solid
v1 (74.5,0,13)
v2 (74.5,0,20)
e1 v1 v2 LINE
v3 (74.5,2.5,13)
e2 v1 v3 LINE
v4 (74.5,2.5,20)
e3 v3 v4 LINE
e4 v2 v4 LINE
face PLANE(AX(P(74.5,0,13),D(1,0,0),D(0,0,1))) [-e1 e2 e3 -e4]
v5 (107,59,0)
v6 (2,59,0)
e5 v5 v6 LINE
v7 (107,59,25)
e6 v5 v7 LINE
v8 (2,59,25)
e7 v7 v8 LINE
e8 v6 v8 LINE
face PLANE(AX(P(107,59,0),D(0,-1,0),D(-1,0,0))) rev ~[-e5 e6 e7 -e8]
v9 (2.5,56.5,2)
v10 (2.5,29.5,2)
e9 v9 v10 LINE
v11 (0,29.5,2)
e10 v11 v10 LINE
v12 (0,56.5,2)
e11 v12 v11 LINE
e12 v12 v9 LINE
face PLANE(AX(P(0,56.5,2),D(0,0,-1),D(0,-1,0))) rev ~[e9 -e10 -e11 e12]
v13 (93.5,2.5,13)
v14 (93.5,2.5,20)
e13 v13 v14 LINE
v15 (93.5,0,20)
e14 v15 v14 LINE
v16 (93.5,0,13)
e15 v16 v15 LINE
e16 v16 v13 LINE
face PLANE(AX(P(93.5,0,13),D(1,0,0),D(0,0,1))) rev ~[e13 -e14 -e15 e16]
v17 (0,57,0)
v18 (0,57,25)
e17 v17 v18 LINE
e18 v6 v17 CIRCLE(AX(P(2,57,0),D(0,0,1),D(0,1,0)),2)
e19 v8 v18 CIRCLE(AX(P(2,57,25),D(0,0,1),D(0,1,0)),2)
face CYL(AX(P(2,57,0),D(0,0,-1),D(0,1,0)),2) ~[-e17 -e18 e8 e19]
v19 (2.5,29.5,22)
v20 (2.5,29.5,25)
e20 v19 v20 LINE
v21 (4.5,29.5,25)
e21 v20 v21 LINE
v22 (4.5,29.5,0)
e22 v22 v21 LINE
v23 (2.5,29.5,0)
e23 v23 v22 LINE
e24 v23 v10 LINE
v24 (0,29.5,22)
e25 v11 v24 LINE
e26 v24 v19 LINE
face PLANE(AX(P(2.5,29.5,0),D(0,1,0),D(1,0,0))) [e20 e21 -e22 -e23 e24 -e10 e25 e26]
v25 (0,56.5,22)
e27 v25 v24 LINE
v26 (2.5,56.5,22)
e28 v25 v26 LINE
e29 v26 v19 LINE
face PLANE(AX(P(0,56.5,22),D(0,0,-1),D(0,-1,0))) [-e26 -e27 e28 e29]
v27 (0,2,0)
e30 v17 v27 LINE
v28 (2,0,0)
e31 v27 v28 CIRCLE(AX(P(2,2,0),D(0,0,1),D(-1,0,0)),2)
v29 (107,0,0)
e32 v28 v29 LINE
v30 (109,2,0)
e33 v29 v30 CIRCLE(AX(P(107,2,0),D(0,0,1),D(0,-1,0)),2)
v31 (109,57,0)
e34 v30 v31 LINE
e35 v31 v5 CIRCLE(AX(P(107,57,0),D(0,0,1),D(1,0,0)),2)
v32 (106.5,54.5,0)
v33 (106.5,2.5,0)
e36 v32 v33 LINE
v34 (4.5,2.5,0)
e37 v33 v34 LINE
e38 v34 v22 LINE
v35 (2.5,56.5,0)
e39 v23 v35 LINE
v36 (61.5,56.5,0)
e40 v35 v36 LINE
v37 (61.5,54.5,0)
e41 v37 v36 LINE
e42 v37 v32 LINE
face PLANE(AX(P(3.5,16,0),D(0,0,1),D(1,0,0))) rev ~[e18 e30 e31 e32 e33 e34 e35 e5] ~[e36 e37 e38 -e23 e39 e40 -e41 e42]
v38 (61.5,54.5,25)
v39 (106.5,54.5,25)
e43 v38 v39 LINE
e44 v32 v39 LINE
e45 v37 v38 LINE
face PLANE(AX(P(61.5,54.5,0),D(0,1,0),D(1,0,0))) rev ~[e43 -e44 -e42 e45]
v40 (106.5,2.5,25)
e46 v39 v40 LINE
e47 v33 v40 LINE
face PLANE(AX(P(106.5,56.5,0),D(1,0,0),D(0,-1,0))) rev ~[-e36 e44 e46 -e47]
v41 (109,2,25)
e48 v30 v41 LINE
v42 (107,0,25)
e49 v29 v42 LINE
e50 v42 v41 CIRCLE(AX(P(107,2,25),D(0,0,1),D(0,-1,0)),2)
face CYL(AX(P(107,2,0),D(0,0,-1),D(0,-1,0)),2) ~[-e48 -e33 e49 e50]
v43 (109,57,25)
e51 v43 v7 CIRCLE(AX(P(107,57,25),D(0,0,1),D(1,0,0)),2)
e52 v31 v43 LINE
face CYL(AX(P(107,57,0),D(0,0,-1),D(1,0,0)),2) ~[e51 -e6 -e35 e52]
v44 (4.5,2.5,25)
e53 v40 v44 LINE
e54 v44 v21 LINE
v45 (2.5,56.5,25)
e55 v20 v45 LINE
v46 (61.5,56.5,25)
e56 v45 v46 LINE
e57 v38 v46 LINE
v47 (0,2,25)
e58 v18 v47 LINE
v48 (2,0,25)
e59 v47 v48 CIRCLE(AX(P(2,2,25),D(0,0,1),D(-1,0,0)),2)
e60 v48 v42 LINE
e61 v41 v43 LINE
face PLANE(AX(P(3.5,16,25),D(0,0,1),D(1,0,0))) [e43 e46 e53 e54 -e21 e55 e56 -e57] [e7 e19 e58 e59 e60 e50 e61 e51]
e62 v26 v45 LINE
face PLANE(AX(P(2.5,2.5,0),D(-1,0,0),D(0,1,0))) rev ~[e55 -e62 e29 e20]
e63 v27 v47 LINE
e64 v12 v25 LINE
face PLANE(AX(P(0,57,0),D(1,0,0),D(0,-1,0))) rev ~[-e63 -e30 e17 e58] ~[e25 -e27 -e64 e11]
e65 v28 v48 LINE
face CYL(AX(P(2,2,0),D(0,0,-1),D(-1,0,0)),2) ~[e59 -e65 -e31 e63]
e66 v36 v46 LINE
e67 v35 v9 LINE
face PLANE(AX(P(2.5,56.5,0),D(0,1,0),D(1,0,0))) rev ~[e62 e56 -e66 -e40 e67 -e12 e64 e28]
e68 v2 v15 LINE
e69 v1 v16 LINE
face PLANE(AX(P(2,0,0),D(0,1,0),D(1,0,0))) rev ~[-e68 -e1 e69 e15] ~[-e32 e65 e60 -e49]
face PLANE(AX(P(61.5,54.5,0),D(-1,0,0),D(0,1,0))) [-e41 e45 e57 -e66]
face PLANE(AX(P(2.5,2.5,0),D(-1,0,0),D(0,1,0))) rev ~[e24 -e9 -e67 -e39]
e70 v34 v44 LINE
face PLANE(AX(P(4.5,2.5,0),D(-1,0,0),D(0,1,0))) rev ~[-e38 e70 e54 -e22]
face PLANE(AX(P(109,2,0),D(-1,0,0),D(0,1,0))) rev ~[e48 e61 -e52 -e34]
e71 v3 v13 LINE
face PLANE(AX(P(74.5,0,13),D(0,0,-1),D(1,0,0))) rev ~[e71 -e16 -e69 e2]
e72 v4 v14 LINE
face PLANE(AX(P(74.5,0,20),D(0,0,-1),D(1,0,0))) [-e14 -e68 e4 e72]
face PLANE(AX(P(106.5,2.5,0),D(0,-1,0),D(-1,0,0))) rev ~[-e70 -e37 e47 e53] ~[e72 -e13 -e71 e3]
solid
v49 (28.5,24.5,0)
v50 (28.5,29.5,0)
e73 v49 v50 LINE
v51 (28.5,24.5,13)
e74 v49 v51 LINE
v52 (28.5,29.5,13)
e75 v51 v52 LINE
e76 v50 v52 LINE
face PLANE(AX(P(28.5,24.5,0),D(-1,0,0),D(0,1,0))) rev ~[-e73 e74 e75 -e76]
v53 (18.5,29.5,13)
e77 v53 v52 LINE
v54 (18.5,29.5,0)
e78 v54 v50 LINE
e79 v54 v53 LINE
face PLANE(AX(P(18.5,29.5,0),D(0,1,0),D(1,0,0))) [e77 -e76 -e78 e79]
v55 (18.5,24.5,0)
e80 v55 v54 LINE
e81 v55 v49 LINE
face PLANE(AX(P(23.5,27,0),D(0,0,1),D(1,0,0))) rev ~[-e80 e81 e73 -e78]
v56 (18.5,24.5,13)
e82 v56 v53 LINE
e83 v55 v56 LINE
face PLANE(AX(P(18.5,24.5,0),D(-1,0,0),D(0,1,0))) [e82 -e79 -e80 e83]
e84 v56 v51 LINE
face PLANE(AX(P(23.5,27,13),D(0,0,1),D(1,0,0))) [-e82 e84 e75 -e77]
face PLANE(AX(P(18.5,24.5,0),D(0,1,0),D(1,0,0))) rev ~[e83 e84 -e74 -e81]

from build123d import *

# Parameters (mm, degrees)
F1_DEPTH  = 25
F2_W      = 19
F2_H      = 7
F3_DEPTH  = 2.5
F0_W      = 45
F0_H      = 2
F5_DEPTH  = 25
F0_W_2    = 2
F0_H_2    = 27
F6_DEPTH  = 25
F4_W      = 10
F4_H      = 5
F7_DEPTH  = 13
F8_W      = 27
F8_H      = 20
F9_DEPTH  = 2.5
F10_DEPTH = 13


with BuildPart() as f1:
    # F0 (on Top) → F1 (new body)
    with BuildSketch(Plane.XY):
        with BuildLine():
            ThreePointArc((0, 2), (0.5857864376, 0.5857864376), (2, 0))
            Line((2, 0), (107, 0))
            ThreePointArc((107, 0), (108.4142135624, 0.5857864376), (109, 2))
            Line((109, 2), (109, 57))
            ThreePointArc((109, 57), (108.4142135624, 58.4142135624), (107, 59))
            Line((107, 59), (2, 59))
            ThreePointArc((2, 59), (0.5857864376, 58.4142135624), (0, 57))
            Line((0, 57), (0, 2))
        make_face()
        Polygon((2.5, 29.5), (2.5, 56.5), (61.5, 56.5), (106.5, 56.5), (106.5, 54.5), (106.5, 2.5), (4.5, 2.5), (2.5, 2.5), align=None, mode=Mode.SUBTRACT)
    extrude(amount=F1_DEPTH)

    # F2 (on face) → F3 (cut)
    with BuildSketch(Plane.XZ):
        with Locations((84, 16.5)):
            Rectangle(F2_W, F2_H)
    extrude(amount=-F3_DEPTH, mode=Mode.SUBTRACT)

    # F0 (on Top) → F5 (join)
    with BuildSketch(Plane.XY):
        with Locations((84, 55.5)):
            Rectangle(F0_W, F0_H)
    extrude(amount=F5_DEPTH)

    # F0 (on Top) → F6 (join)
    with BuildSketch(Plane.XY):
        with Locations((3.5, 16)):
            Rectangle(F0_W_2, F0_H_2)
    extrude(amount=F6_DEPTH)

    # F8 (on face) → F9 (cut)
    with BuildSketch(Plane(origin=(0, 0, 0), x_dir=(0, -1, 0), z_dir=(-1, 0, 0))):
        with Locations((-43, 12)):
            Rectangle(F8_W, F8_H)
    extrude(amount=-F9_DEPTH, mode=Mode.SUBTRACT)


with BuildPart() as f7:
    # F4 (on Top) → F7 (new body)
    with BuildSketch(Plane.XY):
        with Locations((23.5, 27)):
            Rectangle(F4_W, F4_H)
    extrude(amount=F7_DEPTH)

    # F4 (on Top) → F10 (join)
    with BuildSketch(Plane.XY):
        with Locations((23.5, 27)):
            Rectangle(F4_W, F4_H)
    extrude(amount=F10_DEPTH)


solid = Compound([f1.part, f7.part])
